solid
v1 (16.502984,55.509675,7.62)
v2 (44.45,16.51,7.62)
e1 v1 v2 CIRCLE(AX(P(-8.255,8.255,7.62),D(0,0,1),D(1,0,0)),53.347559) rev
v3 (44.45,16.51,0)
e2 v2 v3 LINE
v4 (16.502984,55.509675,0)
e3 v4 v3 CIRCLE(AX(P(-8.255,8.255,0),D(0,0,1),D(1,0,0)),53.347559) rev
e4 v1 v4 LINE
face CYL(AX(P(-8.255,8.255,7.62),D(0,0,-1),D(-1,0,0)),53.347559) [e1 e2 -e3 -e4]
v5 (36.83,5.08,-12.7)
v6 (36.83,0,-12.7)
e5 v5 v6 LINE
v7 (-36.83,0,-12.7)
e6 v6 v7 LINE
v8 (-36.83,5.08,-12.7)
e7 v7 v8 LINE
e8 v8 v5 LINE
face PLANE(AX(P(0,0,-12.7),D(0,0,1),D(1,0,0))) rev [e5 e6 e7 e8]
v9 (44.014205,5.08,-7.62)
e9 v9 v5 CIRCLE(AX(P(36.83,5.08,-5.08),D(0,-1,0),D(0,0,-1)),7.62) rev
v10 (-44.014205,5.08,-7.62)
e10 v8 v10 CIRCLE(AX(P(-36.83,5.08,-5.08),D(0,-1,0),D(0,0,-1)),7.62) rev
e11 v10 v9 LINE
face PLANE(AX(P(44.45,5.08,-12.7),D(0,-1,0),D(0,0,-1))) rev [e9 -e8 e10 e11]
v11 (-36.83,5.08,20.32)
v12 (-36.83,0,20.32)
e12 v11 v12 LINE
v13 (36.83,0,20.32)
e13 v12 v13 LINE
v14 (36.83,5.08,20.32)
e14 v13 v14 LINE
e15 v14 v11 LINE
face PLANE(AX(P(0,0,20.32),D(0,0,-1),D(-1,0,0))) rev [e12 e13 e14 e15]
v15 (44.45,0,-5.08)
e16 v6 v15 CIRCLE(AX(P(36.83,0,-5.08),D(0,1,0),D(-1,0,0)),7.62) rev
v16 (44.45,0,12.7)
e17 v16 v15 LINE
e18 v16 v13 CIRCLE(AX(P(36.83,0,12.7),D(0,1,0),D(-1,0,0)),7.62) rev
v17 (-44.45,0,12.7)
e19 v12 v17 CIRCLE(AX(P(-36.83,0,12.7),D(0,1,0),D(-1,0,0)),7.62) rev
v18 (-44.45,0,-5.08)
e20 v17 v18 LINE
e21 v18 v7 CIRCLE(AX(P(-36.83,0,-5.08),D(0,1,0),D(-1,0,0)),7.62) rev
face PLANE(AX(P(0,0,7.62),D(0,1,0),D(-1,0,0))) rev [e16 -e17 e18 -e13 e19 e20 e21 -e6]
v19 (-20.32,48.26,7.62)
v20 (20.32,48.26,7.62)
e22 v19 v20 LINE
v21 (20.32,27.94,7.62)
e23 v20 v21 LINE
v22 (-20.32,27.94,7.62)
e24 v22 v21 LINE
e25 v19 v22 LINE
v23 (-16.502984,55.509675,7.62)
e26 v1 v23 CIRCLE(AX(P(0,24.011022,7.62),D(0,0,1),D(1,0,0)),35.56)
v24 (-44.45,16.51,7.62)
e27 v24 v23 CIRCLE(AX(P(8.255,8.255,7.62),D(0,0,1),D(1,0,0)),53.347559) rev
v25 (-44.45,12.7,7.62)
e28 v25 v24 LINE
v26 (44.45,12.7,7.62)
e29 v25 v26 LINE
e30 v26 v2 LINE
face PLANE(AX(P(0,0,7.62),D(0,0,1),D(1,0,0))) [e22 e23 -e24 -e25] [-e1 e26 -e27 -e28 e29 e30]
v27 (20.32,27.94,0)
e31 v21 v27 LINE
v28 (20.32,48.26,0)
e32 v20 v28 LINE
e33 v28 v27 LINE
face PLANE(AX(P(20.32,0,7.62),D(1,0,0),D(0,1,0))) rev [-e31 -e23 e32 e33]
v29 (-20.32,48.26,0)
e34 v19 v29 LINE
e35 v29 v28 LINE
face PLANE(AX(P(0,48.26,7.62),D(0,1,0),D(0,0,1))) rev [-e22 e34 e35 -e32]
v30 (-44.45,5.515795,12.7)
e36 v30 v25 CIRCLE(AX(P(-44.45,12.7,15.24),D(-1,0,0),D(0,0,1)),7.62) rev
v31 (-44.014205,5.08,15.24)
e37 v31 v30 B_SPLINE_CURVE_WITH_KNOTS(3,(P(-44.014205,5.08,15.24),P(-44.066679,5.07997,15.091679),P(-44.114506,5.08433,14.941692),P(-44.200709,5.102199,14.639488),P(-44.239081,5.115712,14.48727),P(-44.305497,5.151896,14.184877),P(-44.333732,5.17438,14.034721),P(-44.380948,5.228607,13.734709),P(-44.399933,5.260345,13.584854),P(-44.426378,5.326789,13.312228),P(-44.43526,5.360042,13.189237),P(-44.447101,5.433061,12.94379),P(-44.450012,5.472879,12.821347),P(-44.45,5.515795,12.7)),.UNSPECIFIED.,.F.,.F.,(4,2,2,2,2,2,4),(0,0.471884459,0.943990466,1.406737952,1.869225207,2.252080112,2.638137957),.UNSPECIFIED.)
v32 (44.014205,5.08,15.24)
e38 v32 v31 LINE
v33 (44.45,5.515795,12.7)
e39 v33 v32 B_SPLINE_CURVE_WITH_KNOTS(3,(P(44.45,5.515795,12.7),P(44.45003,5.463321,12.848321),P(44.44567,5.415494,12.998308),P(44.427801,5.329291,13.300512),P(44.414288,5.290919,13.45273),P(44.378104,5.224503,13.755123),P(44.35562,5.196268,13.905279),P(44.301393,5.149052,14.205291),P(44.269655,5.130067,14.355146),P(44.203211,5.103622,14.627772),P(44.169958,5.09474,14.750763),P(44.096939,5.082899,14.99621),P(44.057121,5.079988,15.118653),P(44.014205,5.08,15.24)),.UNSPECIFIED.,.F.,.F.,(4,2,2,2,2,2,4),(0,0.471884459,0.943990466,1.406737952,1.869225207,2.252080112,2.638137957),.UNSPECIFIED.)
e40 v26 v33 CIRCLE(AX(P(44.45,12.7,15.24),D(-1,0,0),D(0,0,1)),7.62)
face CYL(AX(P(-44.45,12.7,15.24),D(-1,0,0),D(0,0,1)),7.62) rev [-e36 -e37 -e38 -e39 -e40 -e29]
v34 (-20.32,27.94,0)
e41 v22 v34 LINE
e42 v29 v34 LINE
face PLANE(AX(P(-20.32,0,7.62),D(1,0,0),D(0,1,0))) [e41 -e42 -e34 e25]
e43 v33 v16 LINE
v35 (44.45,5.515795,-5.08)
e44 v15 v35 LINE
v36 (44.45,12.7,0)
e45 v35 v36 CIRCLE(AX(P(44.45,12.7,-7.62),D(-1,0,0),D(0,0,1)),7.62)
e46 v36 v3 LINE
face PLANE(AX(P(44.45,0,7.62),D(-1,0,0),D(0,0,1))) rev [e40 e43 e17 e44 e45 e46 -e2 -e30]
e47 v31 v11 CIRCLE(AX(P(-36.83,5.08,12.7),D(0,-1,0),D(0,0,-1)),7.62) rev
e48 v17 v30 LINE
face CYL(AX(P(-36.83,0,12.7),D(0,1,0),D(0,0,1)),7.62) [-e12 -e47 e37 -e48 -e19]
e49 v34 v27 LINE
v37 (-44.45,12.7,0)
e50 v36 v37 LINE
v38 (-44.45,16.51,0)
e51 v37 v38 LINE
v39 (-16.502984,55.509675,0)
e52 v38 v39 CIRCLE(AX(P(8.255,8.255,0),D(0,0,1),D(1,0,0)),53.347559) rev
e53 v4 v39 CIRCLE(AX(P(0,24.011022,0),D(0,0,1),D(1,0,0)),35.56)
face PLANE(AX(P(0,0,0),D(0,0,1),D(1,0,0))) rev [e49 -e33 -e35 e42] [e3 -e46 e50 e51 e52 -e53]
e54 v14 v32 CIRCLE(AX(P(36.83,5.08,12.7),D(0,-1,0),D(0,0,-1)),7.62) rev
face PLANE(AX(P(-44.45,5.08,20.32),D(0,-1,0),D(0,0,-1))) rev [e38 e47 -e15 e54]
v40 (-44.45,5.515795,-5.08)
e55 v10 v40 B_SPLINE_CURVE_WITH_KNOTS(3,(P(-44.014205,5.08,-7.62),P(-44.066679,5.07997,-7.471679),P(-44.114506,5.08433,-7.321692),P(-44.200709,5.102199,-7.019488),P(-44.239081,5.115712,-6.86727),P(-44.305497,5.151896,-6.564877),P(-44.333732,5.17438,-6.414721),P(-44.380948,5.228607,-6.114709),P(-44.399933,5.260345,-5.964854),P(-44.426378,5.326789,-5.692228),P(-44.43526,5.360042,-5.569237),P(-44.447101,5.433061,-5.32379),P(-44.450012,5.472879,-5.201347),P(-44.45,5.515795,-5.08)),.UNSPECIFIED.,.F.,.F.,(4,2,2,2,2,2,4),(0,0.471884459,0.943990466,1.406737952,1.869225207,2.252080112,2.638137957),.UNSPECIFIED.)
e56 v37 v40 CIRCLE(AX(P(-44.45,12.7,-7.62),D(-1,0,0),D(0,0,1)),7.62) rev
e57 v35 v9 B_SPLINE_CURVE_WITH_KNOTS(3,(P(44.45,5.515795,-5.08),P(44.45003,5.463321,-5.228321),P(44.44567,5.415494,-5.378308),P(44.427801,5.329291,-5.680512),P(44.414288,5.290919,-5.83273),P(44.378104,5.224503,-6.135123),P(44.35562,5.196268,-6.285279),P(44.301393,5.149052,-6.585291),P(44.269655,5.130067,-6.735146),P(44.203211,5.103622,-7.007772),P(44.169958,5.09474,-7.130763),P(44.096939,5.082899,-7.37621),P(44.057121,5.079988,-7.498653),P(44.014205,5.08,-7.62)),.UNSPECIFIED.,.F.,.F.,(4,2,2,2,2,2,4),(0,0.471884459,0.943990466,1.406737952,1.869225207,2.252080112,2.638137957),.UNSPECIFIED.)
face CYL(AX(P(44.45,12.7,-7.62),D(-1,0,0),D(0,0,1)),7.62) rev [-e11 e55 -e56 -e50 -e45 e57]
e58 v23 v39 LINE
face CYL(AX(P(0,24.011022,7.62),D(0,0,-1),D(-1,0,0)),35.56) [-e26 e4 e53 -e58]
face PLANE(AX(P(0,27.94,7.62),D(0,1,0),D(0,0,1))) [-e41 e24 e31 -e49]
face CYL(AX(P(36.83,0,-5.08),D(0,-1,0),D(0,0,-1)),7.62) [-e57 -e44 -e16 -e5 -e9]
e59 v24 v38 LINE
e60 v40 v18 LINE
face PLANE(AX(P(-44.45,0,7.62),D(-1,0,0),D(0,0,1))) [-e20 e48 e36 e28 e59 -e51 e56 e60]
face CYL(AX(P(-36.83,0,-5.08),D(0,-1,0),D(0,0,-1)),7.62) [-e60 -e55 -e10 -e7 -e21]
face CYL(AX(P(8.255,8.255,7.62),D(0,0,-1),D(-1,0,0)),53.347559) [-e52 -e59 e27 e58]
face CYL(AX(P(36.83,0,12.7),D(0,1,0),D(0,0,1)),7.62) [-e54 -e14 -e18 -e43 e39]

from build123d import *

# Parameters (mm, degrees)
SKETCH1_W           = 40.64
SKETCH1_H           = 20.32
BOSS_EXTRUDE1_DEPTH = 7.62
SKETCH2_W           = 88.9
SKETCH2_H           = 5.08
BOSS_EXTRUDE2_DEPTH = 12.7
SKETCH3_W           = 88.9
SKETCH3_H           = 5.08
BOSS_EXTRUDE3_DEPTH = 12.7
FILLET1_R           = 7.62
FILLET2_R           = 7.62


with BuildPart() as part:
    # Sketch1 → Boss-Extrude1 (new body)
    with BuildSketch(Plane.XY):
        with BuildLine():
            Line((-44.45, 16.51), (-44.45, 0))
            Line((-44.45, 0), (44.45, 0))
            Line((44.45, 0), (44.45, 16.51))
            ThreePointArc((44.45, 16.51), (35.108257793, 39.328942839), (16.502983922, 55.509674712))
            ThreePointArc((16.502983922, 55.509674712), (0, 59.571022016), (-16.502983922, 55.509674712))
            ThreePointArc((-16.502983922, 55.509674712), (-35.108257793, 39.328942839), (-44.45, 16.51))
        make_face()
        with Locations((0, 38.1)):
            Rectangle(SKETCH1_W, SKETCH1_H, mode=Mode.SUBTRACT)
    extrude(amount=BOSS_EXTRUDE1_DEPTH)

    # Sketch2 → Boss-Extrude2 (add)
    with BuildSketch(Plane(origin=(0, 0, 0), x_dir=(-1, 0, 0), z_dir=(0, 0, -1))):
        with Locations((0, 2.54)):
            Rectangle(SKETCH2_W, SKETCH2_H)
    extrude(amount=BOSS_EXTRUDE2_DEPTH)

    # Sketch3 → Boss-Extrude3 (add)
    with BuildSketch(Plane.XY.offset(7.62)):
        with Locations((0, 2.54)):
            Rectangle(SKETCH3_W, SKETCH3_H)
    extrude(amount=BOSS_EXTRUDE3_DEPTH)

    # Fillet1
    fillet1_edges = [part.edges().sort_by_distance(p)[0] for p in [
        (0, 5.08, 0),
        (-44.45, 2.54, 20.32),
        (44.45, 2.54, 20.32),
    ]]
    fillet(fillet1_edges, radius=FILLET1_R)

    # Fillet2
    fillet2_edges = [part.edges().sort_by_distance(p)[0] for p in [
        (-44.45, 2.54, -12.7),
        (0, 5.08, 7.62),
        (44.45, 2.54, -12.7),
    ]]
    fillet(fillet2_edges, radius=FILLET2_R)


solid = part.part
